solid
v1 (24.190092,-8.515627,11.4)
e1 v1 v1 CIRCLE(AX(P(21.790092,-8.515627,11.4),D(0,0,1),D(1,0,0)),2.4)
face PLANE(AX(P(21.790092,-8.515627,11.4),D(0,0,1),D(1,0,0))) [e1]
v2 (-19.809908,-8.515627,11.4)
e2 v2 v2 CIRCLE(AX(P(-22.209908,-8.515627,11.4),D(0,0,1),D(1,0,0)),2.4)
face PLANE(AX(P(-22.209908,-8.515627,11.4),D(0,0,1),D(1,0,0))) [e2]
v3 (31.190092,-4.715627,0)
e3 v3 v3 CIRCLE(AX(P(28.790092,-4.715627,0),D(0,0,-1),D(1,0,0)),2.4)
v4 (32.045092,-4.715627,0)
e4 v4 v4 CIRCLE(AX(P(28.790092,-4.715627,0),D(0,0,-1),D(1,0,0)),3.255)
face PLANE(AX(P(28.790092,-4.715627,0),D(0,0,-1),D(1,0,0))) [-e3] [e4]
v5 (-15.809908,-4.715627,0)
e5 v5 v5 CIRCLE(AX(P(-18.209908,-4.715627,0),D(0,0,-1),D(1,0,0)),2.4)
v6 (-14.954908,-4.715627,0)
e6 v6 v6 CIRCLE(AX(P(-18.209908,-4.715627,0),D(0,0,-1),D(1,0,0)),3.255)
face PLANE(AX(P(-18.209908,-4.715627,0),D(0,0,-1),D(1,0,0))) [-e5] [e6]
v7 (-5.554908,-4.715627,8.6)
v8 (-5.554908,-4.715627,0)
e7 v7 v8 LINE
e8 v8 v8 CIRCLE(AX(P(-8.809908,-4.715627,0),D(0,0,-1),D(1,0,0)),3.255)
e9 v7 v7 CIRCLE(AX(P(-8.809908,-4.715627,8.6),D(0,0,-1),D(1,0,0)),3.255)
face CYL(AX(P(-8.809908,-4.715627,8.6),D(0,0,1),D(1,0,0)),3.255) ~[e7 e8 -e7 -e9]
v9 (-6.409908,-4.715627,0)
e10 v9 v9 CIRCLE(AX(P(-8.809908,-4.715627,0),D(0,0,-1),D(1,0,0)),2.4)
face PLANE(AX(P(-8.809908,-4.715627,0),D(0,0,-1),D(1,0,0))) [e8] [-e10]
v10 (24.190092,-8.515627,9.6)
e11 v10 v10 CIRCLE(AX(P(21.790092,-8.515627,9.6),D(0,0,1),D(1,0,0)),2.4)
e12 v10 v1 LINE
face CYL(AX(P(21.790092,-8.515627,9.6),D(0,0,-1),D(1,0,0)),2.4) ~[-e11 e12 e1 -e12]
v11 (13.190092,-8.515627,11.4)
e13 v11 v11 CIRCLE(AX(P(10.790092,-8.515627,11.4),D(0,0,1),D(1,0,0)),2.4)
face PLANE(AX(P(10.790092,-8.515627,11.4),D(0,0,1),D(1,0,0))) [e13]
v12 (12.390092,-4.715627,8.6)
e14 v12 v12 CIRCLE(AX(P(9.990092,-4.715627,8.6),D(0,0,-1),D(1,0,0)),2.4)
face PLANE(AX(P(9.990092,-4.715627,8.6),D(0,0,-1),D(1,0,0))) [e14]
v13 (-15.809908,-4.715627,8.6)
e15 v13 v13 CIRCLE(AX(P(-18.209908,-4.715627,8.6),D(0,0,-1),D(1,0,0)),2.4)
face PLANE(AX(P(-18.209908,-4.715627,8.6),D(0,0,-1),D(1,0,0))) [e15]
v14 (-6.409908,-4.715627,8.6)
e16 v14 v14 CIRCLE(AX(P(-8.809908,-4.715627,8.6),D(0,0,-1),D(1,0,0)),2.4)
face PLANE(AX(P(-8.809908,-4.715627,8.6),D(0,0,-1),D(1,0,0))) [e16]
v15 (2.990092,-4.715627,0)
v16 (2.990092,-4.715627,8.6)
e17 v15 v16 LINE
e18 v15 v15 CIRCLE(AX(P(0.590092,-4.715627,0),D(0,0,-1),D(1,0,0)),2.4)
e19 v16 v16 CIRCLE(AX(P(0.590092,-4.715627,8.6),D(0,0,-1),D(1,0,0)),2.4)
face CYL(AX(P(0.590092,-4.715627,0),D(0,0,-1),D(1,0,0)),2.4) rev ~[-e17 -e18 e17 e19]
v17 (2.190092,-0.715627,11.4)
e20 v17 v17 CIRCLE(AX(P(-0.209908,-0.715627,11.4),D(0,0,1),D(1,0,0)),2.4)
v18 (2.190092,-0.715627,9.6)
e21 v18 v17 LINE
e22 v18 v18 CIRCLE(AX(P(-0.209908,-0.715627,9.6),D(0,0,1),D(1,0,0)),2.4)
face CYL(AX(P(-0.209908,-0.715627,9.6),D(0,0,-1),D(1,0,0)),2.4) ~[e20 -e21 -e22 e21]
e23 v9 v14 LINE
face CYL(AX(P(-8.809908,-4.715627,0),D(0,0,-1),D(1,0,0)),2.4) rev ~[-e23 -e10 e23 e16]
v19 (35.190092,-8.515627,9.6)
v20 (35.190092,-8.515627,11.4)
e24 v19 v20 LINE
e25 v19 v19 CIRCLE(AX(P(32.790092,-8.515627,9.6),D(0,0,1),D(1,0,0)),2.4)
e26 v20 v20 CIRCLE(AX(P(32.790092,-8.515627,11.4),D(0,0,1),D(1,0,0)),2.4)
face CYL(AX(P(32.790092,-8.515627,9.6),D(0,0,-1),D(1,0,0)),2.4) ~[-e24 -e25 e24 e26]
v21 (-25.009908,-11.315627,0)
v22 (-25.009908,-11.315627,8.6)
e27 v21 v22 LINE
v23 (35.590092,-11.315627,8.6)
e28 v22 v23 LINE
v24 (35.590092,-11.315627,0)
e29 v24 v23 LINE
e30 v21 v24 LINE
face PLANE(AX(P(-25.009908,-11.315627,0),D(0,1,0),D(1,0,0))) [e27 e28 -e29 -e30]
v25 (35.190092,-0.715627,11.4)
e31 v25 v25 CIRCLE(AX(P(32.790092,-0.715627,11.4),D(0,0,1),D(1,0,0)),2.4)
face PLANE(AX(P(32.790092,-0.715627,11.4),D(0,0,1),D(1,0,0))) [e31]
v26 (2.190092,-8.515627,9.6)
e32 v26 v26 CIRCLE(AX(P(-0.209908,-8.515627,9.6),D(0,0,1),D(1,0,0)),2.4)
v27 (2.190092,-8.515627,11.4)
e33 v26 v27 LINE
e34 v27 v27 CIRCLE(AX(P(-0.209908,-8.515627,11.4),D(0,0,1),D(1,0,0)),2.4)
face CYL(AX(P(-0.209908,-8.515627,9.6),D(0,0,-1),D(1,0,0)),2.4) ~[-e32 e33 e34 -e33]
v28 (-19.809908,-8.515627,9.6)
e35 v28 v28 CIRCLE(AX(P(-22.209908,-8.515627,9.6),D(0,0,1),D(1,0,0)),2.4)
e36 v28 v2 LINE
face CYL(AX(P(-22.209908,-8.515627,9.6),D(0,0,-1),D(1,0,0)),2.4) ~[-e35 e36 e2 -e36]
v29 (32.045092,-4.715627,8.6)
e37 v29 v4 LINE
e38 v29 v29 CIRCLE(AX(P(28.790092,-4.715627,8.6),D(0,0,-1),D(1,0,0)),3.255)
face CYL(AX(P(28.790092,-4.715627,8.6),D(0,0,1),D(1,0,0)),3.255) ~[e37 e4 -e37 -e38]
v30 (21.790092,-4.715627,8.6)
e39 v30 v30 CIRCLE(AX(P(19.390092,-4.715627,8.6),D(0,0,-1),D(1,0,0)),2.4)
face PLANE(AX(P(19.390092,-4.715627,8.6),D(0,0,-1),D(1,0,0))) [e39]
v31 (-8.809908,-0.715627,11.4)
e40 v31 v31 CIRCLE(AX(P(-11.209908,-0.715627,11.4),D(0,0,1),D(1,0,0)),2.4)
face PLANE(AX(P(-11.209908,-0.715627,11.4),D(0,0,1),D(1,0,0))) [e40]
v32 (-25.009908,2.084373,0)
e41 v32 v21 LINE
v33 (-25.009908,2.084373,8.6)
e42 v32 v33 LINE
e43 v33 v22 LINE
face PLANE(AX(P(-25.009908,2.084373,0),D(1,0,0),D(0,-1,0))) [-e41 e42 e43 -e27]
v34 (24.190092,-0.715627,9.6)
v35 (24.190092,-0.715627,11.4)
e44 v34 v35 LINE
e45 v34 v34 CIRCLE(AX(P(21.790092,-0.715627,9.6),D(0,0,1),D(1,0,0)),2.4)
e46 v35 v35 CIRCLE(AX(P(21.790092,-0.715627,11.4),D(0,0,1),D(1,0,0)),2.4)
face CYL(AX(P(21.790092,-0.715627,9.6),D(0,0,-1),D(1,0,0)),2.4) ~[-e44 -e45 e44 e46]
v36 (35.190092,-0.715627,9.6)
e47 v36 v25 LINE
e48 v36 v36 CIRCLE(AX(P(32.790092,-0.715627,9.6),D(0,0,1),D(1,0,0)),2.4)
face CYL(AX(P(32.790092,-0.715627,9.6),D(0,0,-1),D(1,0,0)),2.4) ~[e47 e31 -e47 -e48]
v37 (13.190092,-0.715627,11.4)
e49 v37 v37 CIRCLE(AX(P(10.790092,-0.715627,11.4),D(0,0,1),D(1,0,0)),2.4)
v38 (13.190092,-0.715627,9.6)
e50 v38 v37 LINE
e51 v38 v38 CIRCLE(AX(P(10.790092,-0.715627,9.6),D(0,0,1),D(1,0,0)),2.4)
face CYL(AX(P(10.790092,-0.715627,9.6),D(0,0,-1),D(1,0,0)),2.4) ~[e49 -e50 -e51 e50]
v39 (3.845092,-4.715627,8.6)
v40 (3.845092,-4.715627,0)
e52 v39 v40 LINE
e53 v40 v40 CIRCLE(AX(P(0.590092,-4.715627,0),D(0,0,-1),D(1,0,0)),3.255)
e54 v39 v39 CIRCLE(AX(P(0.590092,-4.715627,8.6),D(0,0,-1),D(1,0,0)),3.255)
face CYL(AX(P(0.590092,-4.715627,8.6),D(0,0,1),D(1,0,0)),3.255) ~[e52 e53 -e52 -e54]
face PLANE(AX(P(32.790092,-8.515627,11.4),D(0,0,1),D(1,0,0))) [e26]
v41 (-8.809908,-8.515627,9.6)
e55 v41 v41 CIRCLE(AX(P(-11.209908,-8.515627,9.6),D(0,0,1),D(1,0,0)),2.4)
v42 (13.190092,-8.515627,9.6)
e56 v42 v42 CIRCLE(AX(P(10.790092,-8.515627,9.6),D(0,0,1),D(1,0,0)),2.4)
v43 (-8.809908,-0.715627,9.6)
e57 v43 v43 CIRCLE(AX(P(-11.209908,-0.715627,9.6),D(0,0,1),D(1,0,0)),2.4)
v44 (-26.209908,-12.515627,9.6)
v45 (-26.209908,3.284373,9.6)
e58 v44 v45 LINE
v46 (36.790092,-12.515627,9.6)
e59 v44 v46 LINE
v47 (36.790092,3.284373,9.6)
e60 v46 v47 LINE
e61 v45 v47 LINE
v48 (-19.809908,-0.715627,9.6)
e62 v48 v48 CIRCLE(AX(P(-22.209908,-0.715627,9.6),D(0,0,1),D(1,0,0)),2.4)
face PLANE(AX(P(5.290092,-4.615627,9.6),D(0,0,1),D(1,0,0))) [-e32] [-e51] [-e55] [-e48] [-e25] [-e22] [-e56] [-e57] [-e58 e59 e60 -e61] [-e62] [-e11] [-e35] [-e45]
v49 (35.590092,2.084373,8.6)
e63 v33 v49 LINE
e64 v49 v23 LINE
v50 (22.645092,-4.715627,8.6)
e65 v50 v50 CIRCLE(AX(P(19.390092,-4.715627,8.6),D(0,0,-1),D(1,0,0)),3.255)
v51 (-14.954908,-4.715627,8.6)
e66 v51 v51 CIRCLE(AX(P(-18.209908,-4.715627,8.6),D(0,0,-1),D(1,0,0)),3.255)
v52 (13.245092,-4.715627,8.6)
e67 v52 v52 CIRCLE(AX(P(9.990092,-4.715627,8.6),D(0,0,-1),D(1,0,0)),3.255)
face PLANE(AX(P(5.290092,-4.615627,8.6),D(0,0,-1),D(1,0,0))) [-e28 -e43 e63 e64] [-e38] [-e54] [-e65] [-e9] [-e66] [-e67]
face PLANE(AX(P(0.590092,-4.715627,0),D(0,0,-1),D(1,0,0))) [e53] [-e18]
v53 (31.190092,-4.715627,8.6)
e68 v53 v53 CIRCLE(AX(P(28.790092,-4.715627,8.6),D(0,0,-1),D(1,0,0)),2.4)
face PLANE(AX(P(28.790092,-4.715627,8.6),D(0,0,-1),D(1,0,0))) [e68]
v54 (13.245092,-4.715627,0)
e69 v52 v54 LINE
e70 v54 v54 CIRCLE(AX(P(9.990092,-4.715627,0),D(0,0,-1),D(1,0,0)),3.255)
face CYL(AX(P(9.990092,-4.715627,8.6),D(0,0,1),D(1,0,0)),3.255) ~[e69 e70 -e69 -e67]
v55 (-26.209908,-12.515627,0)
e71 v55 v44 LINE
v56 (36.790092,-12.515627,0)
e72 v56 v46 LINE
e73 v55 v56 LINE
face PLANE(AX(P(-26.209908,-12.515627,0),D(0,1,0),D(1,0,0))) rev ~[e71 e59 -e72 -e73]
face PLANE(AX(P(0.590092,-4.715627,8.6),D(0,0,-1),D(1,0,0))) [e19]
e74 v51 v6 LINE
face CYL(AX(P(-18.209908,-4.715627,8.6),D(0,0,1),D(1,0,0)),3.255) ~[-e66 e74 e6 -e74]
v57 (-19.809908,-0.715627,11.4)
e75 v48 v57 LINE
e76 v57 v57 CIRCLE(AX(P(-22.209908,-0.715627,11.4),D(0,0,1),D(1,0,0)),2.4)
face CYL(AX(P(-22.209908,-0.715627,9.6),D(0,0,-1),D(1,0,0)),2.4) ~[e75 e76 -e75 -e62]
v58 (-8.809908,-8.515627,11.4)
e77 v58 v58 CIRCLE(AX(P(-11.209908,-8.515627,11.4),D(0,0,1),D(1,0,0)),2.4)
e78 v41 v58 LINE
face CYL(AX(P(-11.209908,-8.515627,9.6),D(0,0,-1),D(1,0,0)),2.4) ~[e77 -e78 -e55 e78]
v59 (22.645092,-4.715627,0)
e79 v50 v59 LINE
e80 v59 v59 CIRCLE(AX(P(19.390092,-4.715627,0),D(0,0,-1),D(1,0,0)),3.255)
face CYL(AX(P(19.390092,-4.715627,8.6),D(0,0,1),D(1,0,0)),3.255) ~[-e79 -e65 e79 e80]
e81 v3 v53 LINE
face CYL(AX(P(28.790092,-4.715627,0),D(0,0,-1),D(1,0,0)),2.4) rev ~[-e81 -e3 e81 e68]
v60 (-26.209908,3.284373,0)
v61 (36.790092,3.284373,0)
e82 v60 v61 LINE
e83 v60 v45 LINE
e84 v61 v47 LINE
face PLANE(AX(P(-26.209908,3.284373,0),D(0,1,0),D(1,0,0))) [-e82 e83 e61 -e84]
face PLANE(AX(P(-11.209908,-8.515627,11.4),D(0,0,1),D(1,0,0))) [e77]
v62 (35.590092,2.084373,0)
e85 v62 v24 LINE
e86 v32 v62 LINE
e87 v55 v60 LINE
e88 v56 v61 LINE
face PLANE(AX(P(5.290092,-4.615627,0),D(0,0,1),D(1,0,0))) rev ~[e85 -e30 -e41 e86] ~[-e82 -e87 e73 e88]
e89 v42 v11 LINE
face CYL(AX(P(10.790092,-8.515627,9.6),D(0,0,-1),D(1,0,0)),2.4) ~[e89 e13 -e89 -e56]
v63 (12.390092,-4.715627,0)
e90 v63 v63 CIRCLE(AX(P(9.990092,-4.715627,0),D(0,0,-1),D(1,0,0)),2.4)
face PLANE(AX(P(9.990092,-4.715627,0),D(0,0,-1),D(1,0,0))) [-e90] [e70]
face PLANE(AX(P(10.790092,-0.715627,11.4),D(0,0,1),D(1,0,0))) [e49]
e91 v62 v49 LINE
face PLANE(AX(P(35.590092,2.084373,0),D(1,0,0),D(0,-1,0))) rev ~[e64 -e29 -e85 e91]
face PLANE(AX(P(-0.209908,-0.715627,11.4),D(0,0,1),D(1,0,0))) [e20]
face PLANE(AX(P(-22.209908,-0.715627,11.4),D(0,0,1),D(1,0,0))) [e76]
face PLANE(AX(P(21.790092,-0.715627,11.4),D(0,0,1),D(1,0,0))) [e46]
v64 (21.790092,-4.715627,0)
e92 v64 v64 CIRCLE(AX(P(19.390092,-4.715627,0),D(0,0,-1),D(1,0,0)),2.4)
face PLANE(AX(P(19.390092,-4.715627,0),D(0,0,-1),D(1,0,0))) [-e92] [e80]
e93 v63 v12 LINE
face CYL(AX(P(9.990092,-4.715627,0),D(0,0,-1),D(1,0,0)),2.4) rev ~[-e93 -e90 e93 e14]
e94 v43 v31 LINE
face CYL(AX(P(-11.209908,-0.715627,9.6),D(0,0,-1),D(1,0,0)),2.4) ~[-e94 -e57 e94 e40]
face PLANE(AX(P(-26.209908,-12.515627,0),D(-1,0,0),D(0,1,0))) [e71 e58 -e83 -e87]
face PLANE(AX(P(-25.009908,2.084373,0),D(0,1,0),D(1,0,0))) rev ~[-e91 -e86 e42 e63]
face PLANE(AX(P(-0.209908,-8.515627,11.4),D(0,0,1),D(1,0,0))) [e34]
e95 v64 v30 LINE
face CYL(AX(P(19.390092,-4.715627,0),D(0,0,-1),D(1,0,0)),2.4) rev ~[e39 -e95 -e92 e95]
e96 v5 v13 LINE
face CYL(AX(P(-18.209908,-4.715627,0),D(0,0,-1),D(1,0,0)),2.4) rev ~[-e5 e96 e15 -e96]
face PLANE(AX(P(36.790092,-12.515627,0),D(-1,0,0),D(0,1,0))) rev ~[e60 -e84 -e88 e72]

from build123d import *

# Parameters (mm, degrees)
SKETCH_W               = 63
SKETCH_H               = 15.8
PAD_DEPTH              = 9.6
SKETCH001_W            = 60.6
SKETCH001_H            = 13.4
POCKET_DEPTH           = 8.6
SKETCH002_R            = 2.4
PAD001_DEPTH           = 1.8
LINEARPATTERN_COUNT    = 6
LINEARPATTERN_PITCH    = 11
SKETCH003_R            = 3.255
PAD002_DEPTH           = 8.6
LINEARPATTERN001_COUNT = 6
LINEARPATTERN001_PITCH = 9.4
SKETCH004_R            = 2.4
POCKET001_DEPTH        = 8.6
LINEARPATTERN002_COUNT = 6
LINEARPATTERN002_PITCH = 9.4


with BuildPart() as part:
    # Sketch → Pad (new body)
    with BuildSketch(Plane.XY):
        with Locations((5.290092, -4.615627)):
            Rectangle(SKETCH_W, SKETCH_H)
    extrude(amount=PAD_DEPTH)

    # Sketch001 → Pocket (cut)
    with BuildSketch(Plane(origin=(0, 0, 0), x_dir=(1, 0, 0), z_dir=(0, 0, -1))):
        with Locations((5.290092, 4.615627)):
            Rectangle(SKETCH001_W, SKETCH001_H)
    extrude(amount=-POCKET_DEPTH, mode=Mode.SUBTRACT)

    # Sketch002 → Pad001 (new body)
    with BuildSketch(Plane.XY.offset(9.6)):
        with Locations((-22.209908, -0.715627)):
            Circle(SKETCH002_R)
        with Locations((-22.209908, -8.515627)):
            Circle(SKETCH002_R)
    pad001 = extrude(amount=PAD001_DEPTH)

    # LinearPattern: Pad001 ×6
    with Locations(*[(i * LINEARPATTERN_PITCH, 0, 0) for i in range(1, LINEARPATTERN_COUNT)]):
        add(pad001)

    # Sketch003 → Pad002 (new body)
    with BuildSketch(Plane(origin=(0, 0, 8.6), x_dir=(1, 0, 0), z_dir=(0, 0, -1))):
        with Locations((-18.209908, 4.715627)):
            Circle(SKETCH003_R)
    pad002 = extrude(amount=PAD002_DEPTH)

    # LinearPattern001: Pad002 ×6
    with Locations(*[(i * LINEARPATTERN001_PITCH, 0, 0) for i in range(1, LINEARPATTERN001_COUNT)]):
        add(pad002)

    # Sketch004 → Pocket001 (cut)
    with BuildSketch(Plane(origin=(0, 0, 0), x_dir=(1, 0, 0), z_dir=(0, 0, -1))):
        with Locations((-18.209908, 4.715627)):
            Circle(SKETCH004_R)
    pocket001 = extrude(amount=-POCKET001_DEPTH, mode=Mode.SUBTRACT)

    # LinearPattern002: Pocket001 ×6
    with Locations(*[(i * LINEARPATTERN002_PITCH, 0, 0) for i in range(1, LINEARPATTERN002_COUNT)]):
        add(pocket001, mode=Mode.SUBTRACT)


solid = part.part
